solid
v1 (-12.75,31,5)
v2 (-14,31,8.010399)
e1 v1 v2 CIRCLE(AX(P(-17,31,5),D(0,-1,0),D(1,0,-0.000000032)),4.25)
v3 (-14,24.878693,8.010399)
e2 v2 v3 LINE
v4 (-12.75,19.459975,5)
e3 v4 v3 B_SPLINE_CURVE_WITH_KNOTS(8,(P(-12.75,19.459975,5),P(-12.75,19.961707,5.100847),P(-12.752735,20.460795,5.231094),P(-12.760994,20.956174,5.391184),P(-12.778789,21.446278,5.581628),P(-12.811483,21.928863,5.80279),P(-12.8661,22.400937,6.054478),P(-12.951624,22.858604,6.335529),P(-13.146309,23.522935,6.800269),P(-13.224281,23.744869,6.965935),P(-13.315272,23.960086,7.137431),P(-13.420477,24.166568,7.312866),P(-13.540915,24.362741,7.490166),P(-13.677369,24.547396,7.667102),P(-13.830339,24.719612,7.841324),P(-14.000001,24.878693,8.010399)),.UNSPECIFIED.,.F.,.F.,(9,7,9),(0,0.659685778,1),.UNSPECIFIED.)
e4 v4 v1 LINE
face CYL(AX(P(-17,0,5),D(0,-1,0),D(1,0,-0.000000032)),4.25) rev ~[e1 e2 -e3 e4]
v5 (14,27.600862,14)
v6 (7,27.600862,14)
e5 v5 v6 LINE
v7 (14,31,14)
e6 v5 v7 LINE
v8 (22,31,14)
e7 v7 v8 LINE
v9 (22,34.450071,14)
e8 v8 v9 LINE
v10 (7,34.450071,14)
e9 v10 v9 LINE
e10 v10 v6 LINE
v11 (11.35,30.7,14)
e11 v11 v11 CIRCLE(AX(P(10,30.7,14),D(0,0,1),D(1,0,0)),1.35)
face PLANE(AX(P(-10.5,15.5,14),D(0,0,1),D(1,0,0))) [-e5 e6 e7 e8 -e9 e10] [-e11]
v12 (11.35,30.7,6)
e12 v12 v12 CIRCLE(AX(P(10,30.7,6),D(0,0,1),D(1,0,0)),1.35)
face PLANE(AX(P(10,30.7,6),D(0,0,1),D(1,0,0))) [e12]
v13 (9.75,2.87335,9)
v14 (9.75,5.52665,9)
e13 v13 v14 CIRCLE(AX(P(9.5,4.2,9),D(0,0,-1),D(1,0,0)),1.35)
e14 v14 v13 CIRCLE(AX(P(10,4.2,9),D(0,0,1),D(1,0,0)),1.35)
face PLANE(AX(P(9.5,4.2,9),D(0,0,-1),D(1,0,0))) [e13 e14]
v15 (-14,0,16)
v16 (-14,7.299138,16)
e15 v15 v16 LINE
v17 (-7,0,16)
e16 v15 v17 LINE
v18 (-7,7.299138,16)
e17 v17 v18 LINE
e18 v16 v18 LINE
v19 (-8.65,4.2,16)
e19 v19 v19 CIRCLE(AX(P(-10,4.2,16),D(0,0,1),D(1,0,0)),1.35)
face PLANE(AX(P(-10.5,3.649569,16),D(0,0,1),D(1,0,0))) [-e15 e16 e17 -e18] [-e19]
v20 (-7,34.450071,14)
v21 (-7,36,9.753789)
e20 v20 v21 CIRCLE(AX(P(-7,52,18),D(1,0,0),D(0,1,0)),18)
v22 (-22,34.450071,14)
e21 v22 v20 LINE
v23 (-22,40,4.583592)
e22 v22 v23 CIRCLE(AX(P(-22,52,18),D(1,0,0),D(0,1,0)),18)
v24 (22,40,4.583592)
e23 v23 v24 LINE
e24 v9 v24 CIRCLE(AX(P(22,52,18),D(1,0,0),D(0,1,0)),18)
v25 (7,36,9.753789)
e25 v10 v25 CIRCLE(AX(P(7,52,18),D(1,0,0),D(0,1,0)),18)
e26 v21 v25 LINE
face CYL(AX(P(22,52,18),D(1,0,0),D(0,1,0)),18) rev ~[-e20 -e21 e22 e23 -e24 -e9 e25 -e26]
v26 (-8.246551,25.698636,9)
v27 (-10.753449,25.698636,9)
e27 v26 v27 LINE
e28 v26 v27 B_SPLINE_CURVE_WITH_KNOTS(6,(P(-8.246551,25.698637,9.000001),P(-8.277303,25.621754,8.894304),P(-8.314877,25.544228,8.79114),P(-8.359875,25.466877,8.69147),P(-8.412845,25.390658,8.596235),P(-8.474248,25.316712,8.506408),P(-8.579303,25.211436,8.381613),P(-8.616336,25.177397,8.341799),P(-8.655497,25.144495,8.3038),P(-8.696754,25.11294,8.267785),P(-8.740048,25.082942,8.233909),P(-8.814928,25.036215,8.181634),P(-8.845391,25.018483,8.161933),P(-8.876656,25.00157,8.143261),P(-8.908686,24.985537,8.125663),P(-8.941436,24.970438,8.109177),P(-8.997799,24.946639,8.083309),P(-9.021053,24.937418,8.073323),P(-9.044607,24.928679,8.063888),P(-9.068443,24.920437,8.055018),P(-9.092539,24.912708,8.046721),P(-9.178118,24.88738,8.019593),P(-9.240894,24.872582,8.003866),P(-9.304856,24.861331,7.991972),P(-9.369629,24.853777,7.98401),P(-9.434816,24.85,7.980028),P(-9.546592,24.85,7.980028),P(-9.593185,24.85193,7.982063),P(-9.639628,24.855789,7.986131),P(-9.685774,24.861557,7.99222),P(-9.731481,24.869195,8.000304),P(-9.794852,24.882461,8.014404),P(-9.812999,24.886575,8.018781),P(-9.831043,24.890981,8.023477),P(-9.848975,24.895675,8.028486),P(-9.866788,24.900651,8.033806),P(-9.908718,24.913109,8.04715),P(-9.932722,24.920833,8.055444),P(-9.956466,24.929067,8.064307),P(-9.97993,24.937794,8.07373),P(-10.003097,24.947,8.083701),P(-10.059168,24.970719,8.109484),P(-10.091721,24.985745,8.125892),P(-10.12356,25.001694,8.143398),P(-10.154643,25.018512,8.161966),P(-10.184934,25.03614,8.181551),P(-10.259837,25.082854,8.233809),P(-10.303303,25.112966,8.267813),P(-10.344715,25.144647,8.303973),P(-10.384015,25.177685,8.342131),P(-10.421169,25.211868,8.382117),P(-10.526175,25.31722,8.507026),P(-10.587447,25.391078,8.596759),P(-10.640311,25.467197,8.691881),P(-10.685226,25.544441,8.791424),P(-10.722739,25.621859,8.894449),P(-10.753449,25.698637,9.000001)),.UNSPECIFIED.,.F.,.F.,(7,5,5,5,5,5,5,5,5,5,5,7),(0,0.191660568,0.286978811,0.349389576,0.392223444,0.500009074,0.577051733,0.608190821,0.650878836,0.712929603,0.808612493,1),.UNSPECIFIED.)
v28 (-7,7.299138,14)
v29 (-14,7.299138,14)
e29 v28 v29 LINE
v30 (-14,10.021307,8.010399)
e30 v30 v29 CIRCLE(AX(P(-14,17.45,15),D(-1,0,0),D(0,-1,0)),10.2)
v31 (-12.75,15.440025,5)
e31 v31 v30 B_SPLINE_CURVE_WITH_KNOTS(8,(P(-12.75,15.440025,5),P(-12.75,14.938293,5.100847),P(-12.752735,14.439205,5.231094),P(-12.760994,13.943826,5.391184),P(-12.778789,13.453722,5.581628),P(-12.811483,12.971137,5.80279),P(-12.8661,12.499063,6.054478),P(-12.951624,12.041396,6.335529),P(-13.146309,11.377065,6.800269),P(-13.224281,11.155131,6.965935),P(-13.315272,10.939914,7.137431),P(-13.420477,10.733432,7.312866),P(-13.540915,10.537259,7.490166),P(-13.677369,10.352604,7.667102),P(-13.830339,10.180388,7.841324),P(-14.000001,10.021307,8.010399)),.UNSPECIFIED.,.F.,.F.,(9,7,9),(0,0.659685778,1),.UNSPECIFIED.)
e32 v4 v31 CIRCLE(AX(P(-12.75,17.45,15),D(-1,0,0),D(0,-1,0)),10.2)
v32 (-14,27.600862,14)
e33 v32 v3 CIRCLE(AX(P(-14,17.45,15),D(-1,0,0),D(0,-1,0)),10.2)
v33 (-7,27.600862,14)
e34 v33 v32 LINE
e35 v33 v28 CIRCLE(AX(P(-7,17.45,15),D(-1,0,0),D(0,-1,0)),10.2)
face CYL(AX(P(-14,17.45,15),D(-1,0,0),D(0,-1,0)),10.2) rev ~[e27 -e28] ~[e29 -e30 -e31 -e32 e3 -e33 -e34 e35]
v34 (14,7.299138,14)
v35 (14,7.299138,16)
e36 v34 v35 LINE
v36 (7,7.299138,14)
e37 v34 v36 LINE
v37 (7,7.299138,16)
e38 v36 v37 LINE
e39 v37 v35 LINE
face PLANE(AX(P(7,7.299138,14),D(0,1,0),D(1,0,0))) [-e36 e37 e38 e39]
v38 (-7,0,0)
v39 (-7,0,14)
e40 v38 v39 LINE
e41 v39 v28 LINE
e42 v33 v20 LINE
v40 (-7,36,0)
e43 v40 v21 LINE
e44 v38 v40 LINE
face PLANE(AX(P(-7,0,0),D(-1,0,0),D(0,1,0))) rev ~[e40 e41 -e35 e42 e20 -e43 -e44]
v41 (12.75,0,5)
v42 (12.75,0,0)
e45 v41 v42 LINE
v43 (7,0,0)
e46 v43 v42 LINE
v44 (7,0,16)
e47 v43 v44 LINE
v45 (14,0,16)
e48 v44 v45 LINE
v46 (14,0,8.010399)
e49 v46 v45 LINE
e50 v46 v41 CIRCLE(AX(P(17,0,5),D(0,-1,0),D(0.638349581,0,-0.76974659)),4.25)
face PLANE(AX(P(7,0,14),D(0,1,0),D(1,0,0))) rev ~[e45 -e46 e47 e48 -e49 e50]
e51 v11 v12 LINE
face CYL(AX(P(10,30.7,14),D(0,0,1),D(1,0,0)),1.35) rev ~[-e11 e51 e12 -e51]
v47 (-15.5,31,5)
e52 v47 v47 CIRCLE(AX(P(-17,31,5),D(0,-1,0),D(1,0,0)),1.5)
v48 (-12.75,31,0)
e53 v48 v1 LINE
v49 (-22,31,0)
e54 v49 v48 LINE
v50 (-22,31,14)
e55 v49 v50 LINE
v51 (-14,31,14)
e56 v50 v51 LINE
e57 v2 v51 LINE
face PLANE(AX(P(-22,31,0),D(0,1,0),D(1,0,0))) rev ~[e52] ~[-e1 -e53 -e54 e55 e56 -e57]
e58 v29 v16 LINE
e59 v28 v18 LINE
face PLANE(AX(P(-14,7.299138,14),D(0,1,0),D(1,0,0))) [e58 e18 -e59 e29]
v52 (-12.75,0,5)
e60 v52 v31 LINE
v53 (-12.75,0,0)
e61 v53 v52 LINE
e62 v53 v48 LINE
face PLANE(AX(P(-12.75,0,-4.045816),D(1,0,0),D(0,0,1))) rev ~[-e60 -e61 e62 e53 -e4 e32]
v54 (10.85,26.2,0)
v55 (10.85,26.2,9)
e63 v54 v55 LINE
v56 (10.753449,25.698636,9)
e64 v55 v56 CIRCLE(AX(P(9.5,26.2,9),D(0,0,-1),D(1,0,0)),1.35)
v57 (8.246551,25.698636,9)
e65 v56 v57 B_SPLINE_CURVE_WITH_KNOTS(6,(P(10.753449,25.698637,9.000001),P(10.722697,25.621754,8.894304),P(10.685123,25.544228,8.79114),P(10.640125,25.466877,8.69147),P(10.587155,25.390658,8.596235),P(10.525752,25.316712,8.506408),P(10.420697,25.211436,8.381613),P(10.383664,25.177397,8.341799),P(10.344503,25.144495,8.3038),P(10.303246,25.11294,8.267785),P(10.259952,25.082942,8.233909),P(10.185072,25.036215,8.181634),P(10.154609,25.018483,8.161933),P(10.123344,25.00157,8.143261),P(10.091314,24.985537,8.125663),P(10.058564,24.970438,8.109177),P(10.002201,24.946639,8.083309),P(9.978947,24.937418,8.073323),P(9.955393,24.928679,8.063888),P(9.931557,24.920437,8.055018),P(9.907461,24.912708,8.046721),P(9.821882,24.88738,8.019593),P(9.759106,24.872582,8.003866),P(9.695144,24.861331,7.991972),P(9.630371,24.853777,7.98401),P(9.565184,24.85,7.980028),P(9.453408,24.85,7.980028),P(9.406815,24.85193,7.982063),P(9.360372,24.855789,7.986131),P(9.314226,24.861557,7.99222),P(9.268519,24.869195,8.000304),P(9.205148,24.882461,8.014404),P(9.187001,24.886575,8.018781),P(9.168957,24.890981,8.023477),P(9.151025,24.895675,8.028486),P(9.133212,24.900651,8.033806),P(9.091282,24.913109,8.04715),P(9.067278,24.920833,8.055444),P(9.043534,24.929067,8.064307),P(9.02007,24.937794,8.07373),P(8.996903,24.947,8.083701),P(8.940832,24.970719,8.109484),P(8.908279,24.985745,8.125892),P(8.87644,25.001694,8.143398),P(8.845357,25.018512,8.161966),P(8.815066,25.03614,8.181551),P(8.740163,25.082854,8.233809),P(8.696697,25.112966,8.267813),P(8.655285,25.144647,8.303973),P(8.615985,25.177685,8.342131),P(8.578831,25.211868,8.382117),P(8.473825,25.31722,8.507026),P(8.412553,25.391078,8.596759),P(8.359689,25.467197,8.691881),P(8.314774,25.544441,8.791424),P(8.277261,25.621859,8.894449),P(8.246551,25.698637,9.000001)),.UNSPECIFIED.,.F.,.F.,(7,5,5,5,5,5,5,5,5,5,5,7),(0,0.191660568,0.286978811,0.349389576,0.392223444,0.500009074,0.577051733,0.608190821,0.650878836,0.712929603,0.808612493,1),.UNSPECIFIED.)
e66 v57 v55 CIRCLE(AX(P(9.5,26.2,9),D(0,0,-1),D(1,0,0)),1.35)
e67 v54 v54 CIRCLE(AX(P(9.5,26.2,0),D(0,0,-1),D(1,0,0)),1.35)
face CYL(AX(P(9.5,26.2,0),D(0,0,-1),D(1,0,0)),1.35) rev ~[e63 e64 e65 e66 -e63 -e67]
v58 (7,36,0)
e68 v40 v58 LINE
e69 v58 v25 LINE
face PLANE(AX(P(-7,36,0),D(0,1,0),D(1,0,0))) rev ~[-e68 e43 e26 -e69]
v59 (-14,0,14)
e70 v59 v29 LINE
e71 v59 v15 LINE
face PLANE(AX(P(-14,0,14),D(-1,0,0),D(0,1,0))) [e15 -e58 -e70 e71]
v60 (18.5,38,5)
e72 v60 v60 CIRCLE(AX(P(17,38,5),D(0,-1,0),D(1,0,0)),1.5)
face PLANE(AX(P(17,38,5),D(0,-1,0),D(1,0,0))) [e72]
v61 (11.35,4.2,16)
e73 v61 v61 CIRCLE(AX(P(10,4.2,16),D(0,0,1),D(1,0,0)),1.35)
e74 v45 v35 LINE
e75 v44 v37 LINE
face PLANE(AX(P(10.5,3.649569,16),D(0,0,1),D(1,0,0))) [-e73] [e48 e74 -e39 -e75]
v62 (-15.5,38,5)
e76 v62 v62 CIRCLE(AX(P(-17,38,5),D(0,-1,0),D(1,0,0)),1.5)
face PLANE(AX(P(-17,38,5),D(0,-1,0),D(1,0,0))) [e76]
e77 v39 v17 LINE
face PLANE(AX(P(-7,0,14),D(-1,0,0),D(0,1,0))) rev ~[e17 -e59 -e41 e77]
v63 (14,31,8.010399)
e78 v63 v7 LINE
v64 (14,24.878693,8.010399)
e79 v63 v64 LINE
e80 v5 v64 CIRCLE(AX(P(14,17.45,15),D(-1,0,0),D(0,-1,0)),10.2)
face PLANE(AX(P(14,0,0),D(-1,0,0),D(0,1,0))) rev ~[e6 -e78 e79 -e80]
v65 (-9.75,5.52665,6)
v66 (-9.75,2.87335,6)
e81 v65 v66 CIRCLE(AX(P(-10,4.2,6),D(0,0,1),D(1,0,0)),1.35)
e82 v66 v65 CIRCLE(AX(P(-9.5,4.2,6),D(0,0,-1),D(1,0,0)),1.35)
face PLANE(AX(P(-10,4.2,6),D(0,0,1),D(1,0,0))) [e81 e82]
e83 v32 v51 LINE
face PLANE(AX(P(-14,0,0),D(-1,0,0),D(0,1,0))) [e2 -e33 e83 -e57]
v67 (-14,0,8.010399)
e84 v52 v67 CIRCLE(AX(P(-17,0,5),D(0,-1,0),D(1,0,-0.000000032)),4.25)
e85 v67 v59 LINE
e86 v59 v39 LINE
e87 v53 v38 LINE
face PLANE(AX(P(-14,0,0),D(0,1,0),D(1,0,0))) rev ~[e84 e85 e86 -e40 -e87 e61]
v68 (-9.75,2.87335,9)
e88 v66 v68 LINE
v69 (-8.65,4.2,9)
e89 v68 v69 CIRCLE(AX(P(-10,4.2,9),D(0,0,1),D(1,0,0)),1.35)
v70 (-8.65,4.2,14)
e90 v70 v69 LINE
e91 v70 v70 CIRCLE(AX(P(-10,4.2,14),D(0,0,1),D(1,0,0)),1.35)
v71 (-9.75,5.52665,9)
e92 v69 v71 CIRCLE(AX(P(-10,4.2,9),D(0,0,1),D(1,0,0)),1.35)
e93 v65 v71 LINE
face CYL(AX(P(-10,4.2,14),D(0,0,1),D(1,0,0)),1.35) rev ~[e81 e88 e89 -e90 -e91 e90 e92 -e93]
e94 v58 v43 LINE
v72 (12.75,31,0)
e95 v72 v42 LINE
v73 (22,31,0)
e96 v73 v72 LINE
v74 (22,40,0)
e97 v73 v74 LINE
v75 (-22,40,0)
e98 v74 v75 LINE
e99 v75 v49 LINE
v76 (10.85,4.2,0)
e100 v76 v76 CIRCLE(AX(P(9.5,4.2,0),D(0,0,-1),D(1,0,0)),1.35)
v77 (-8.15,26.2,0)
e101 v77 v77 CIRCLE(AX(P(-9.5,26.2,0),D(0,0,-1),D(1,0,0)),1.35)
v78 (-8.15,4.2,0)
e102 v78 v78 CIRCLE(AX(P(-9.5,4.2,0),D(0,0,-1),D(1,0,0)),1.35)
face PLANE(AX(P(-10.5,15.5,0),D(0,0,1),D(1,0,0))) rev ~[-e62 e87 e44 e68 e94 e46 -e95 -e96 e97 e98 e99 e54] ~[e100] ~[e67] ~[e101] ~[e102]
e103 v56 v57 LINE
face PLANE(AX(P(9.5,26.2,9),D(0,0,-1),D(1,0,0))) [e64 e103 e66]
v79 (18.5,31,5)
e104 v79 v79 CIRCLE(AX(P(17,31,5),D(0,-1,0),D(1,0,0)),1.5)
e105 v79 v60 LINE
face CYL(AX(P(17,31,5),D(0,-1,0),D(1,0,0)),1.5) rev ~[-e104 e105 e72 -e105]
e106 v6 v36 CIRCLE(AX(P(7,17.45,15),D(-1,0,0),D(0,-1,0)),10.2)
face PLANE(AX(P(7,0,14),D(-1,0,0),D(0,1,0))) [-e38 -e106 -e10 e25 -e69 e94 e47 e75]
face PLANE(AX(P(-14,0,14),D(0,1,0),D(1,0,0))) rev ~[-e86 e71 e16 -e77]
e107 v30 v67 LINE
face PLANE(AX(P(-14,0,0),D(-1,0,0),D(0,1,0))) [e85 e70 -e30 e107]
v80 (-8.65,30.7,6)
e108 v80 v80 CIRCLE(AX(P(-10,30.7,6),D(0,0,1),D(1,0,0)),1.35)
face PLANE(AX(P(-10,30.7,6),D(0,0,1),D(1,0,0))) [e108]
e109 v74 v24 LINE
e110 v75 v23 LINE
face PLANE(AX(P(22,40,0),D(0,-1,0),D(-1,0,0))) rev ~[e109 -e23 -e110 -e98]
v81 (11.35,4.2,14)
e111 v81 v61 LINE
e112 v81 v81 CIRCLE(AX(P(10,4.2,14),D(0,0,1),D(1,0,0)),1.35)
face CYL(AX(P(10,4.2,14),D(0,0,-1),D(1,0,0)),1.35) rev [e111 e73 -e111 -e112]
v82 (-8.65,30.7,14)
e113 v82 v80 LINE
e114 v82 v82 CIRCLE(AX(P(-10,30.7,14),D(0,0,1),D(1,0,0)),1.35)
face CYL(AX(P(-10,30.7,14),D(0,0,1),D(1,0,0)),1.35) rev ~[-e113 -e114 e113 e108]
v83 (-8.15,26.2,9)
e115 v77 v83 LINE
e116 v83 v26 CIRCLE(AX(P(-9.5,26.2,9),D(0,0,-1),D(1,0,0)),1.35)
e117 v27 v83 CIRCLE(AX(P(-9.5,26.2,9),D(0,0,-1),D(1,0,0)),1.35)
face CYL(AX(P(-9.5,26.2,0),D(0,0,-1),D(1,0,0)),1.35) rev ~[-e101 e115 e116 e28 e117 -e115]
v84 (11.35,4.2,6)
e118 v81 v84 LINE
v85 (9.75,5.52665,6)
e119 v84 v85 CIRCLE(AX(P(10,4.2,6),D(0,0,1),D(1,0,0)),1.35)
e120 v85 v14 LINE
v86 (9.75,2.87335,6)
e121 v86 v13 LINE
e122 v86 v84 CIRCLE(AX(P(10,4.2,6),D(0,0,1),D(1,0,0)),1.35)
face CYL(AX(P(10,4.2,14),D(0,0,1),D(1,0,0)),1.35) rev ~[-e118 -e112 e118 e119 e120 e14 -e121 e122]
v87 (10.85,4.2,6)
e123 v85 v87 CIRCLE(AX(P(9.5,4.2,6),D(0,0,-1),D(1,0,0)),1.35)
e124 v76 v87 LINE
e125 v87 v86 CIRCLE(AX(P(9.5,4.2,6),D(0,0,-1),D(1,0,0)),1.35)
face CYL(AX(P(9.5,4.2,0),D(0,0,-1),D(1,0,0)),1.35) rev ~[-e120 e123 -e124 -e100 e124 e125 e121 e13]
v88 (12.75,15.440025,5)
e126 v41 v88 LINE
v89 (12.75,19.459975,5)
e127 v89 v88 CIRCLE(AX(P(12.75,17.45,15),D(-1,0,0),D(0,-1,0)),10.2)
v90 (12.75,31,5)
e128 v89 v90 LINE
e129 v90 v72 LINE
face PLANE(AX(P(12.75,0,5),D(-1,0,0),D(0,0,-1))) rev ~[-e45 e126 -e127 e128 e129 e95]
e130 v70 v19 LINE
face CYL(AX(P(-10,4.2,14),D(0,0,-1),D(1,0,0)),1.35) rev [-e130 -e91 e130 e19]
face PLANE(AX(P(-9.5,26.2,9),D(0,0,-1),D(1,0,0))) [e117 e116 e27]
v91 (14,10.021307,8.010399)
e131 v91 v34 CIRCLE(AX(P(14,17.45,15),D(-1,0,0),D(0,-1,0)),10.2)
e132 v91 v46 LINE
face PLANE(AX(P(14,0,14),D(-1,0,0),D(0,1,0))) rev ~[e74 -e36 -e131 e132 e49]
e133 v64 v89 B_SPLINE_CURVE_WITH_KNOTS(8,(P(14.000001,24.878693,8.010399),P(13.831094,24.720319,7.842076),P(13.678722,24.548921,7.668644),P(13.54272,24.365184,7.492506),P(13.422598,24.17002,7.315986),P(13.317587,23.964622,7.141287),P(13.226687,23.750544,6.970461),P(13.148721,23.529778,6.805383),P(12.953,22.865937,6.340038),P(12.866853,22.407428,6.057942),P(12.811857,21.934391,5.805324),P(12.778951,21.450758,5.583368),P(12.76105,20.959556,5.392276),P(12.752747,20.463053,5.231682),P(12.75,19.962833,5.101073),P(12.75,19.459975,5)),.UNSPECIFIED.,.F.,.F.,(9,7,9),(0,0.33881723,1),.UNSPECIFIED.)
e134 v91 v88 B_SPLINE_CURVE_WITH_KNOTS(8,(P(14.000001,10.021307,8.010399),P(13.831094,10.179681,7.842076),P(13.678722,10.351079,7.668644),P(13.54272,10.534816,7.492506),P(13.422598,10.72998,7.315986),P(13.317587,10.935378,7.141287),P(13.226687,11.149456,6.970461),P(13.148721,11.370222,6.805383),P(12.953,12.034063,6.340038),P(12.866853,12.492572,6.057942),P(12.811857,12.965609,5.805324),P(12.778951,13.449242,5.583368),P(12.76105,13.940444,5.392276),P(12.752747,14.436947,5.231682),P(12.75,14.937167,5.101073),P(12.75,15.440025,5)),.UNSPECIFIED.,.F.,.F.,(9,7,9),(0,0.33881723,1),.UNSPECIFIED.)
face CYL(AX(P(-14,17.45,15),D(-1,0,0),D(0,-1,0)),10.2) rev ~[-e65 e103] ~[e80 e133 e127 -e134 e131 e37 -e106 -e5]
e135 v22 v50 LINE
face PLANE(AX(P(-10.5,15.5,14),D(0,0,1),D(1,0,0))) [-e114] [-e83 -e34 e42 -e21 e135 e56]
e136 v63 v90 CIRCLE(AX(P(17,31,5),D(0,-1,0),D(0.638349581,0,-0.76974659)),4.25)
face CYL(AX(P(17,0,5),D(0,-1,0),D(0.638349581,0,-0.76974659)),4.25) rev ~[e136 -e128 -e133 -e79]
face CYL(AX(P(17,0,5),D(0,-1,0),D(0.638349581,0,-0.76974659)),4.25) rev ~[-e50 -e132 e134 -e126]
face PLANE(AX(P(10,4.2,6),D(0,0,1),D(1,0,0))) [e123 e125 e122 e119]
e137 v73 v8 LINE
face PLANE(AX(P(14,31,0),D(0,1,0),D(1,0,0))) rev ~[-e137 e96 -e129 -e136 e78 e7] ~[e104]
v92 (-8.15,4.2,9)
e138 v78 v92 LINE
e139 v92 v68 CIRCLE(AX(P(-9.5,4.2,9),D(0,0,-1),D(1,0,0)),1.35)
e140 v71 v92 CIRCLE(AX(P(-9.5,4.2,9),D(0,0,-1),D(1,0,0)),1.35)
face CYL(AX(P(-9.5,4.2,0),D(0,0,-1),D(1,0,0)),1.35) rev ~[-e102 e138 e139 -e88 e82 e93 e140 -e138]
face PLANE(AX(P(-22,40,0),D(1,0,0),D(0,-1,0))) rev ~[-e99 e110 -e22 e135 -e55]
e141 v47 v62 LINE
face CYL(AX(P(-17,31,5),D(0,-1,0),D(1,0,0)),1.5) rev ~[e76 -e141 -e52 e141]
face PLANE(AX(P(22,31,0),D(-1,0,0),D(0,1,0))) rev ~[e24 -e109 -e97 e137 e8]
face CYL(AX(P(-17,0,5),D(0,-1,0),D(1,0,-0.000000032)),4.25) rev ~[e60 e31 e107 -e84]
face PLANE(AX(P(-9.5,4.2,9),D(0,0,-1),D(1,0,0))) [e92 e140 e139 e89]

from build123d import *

# Parameters (mm, degrees)
F0_W      = 7
F0_H      = 31
F1_DEPTH  = 14
F2_R      = 1.35
F3_DEPTH  = 8
F4_R      = 10.2
F5_DEPTH  = 30
F6_R      = 1.35
F7_DEPTH  = 9
F8_R      = 1.5
F9_DEPTH  = 7
F10_R     = 18
F11_DEPTH = 44.001
F13_DEPTH = 31
F14_W     = 7
F14_H     = 7.299138
F14_R     = 1.35
F15_DEPTH = 2


with BuildPart() as f1:
    # F0 (on Top) → F1 (new body)
    with BuildSketch(Plane.XY):
        with Locations((-10.5, 15.5)):
            Rectangle(F0_W, F0_H)
        Polygon((-22, 31), (-14, 31), (-7, 31), (-7, 36), (7, 36), (7, 31), (14, 31), (22, 31), (22, 40), (-22, 40), align=None)
        with Locations((10.5, 15.5)):
            Rectangle(F0_W, F0_H)
    extrude(amount=F1_DEPTH)

    # F2 (on face) → F3 (cut)
    with BuildSketch(Plane.XY.offset(14)):
        with Locations((-10, 4.2)):
            Circle(F2_R)
        with Locations((-10, 30.7)):
            Circle(F2_R)
        with Locations((10, 30.7)):
            Circle(F2_R)
        with Locations((10, 4.2)):
            Circle(F2_R)
    extrude(amount=-F3_DEPTH, mode=Mode.SUBTRACT)

    # F4 (on face) → F5 (cut)
    with BuildSketch(Plane(origin=(-14, 0, 0), x_dir=(0, -1, 0), z_dir=(-1, 0, 0))):
        with Locations((-17.45, 15)):
            Circle(F4_R)
    extrude(amount=-F5_DEPTH, mode=Mode.SUBTRACT)

    # F6 (on face) → F7 (cut)
    with BuildSketch(Plane(origin=(0, 0, 0), x_dir=(1, 0, 0), z_dir=(0, 0, -1))):
        with Locations((9.5, -4.2)):
            Circle(F6_R)
        with Locations((-9.5, -4.2)):
            Circle(F6_R)
        with Locations((9.5, -26.2)):
            Circle(F6_R)
        with Locations((-9.5, -26.2)):
            Circle(F6_R)
    extrude(amount=-F7_DEPTH, mode=Mode.SUBTRACT)

    # F8 (on face) → F9 (cut)
    with BuildSketch(Plane.XZ.offset(-31)):
        with Locations((-17, 5)):
            Circle(F8_R)
        with Locations((17, 5)):
            Circle(F8_R)
    extrude(amount=-F9_DEPTH, mode=Mode.SUBTRACT)

    # F10 (on face) → F11 (cut, through all)
    with BuildSketch(Plane.YZ.offset(22)):
        with Locations((52, 18)):
            Circle(F10_R)
    extrude(amount=-F11_DEPTH, mode=Mode.SUBTRACT)

    # F12 (on face) → F13 (cut, through all)
    with BuildSketch(Plane.XZ):
        with BuildLine():
            Line((-12.75, -4.045816), (-12.75, 5))
            ThreePointArc((-12.75, 5), (-18.807251, 8.846602), (-19.712986, 1.728577))
            Line((-19.712986, 1.728577), (-12.75, -4.045816))
        make_face()
        with BuildLine():
            Line((12.75, -4.045816), (19.712986, 1.728577))
            ThreePointArc((19.712986, 1.728577), (18.807251, 8.846602), (12.75, 5))
            Line((12.75, 5), (12.75, -4.045816))
        make_face()
    extrude(amount=-F13_DEPTH, mode=Mode.SUBTRACT)

    # F14 (on face) → F15 (join)
    with BuildSketch(Plane.XY.offset(14)):
        with Locations((10.5, 3.649569)):
            Rectangle(F14_W, F14_H)
        with Locations((10, 4.2)):
            Circle(F14_R, mode=Mode.SUBTRACT)
        with Locations((-10.5, 3.649569)):
            Rectangle(F14_W, F14_H)
        with Locations((-10, 4.2)):
            Circle(F14_R, mode=Mode.SUBTRACT)
    extrude(amount=F15_DEPTH)


solid = f1.part
